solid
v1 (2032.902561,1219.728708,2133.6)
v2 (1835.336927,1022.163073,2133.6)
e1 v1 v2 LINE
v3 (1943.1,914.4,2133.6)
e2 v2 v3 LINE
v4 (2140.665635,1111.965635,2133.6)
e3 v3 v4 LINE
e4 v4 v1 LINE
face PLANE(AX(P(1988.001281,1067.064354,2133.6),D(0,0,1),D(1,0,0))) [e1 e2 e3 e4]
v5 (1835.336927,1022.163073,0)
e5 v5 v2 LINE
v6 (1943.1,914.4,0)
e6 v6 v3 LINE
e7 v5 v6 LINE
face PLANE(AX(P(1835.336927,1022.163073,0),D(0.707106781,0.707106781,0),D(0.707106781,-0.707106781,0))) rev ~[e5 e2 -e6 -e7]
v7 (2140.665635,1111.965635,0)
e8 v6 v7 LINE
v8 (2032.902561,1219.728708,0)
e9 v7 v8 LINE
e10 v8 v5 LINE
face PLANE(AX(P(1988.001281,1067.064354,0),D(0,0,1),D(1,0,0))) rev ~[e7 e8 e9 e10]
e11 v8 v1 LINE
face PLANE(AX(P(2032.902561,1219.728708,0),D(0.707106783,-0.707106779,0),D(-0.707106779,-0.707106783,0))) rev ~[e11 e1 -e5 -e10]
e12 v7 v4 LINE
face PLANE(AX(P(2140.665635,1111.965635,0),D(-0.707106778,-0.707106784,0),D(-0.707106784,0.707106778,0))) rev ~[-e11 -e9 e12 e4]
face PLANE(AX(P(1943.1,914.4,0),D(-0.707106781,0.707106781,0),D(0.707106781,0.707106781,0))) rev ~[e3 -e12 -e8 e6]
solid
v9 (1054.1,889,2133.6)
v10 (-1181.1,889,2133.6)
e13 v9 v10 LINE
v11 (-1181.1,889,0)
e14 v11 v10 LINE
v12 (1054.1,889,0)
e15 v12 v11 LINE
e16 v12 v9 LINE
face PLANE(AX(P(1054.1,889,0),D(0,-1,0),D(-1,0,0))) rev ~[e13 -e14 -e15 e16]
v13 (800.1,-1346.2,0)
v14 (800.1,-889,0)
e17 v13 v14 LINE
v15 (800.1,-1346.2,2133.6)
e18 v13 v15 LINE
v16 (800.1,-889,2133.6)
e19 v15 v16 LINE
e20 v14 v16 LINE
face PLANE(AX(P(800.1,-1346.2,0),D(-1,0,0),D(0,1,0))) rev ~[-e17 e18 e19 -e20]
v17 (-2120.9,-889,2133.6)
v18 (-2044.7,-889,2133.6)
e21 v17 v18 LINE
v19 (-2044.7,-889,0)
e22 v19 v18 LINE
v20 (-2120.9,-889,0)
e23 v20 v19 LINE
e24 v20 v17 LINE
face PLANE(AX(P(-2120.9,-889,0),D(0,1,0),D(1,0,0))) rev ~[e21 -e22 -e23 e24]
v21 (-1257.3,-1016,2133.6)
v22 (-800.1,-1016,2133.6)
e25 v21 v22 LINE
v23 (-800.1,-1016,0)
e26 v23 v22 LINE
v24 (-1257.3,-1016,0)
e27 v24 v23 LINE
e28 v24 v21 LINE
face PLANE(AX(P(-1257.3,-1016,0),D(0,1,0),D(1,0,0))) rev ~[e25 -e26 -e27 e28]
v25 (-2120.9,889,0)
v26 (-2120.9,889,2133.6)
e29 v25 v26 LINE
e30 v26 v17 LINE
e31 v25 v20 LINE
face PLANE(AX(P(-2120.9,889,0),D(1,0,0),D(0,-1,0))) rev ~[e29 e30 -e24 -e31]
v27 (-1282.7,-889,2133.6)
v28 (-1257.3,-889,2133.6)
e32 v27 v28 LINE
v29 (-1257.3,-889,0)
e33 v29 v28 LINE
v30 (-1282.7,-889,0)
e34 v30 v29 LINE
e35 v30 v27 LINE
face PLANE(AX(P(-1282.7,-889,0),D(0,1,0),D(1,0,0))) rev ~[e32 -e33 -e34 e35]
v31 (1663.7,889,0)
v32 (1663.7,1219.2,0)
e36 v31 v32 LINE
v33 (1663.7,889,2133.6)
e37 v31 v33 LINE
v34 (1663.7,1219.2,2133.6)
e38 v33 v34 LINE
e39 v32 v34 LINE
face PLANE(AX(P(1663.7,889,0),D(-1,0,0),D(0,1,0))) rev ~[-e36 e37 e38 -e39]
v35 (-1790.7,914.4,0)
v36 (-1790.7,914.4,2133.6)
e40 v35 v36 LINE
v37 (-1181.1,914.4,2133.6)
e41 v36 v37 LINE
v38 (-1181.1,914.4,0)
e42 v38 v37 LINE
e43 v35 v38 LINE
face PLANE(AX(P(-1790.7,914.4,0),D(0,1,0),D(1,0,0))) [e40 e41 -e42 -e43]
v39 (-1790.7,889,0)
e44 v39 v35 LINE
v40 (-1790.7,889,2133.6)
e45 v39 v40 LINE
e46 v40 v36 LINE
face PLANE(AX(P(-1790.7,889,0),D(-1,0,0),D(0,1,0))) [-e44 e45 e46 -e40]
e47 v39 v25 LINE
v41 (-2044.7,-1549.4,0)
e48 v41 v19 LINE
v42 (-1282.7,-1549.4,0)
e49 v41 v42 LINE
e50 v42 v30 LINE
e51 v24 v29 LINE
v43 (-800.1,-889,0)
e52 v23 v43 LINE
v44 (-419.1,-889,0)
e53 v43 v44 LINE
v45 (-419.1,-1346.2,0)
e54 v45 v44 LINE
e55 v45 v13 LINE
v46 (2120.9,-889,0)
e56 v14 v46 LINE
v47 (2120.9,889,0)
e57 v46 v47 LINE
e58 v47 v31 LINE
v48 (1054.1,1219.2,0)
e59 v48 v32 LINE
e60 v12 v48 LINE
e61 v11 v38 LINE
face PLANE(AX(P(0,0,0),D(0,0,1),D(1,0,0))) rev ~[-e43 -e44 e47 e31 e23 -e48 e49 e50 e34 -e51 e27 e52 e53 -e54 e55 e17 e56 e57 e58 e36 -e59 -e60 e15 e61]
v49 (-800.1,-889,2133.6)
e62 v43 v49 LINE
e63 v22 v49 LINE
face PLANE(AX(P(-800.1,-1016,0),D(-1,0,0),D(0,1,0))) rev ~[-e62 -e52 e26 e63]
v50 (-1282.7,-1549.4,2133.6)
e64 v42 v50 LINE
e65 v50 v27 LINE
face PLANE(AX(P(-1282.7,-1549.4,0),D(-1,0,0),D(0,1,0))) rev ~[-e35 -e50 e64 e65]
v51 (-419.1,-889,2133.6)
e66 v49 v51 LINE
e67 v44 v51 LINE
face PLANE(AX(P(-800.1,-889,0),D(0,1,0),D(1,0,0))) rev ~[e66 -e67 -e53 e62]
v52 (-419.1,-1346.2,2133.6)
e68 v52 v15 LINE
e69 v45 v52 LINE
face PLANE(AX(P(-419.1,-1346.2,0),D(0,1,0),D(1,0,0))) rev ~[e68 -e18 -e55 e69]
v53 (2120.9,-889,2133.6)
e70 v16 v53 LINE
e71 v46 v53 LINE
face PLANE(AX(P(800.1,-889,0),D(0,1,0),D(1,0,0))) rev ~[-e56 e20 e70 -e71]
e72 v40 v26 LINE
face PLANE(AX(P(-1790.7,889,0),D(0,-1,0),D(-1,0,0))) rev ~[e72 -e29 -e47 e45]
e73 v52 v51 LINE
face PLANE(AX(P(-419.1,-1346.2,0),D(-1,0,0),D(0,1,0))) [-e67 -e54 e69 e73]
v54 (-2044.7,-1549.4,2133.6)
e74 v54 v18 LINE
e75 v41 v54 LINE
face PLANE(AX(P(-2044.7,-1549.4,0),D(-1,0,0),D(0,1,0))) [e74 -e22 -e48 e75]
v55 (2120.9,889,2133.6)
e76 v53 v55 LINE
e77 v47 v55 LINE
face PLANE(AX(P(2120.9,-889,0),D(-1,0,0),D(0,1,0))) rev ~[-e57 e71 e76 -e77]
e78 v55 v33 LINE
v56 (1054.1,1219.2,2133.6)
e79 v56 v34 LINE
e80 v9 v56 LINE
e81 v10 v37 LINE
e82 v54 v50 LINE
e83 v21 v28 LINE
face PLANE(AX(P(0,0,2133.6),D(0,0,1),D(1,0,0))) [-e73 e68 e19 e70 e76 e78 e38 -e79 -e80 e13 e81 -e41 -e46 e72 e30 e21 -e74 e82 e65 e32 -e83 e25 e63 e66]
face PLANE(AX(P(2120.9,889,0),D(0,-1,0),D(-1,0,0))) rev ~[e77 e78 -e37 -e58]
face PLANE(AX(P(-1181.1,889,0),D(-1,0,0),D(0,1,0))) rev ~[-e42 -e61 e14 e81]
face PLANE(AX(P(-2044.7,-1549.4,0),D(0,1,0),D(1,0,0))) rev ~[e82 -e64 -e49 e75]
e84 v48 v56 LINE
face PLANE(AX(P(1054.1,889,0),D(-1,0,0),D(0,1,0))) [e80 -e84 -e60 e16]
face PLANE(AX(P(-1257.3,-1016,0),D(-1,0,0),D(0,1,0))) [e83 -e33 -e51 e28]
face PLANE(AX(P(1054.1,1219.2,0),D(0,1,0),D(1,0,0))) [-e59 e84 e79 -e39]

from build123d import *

# Parameters (mm, degrees)
F0_W     = 609.6
F0_H     = 25.4
F0_H_2   = 330.2
F0_W_2   = 1219.2
F0_H_3   = 457.2
F0_W_3   = 762
F0_H_4   = 660.4
F0_W_4   = 457.2
F0_H_5   = 127
F1_DEPTH = 2133.6


with BuildPart() as f1:
    # F0 (on Top) → F1 (new body)
    with BuildSketch(Plane.XY):
        Polygon((-1790.7, 889), (-2120.9, 889), (-2120.9, -889), (-2044.7, -889), (-1282.7, -889), (-1257.3, -889), (-800.1, -889), (-419.1, -889), (800.1, -889), (2120.9, -889), (2120.9, 889), (1663.7, 889), (1054.1, 889), (-1181.1, 889), align=None)
        with Locations((-1485.9, 901.7)):
            Rectangle(F0_W, F0_H)
        with Locations((1358.9, 1054.1)):
            Rectangle(F0_W, F0_H_2)
        with Locations((190.5, -1117.6)):
            Rectangle(F0_W_2, F0_H_3)
        with Locations((-1663.7, -1219.2)):
            Rectangle(F0_W_3, F0_H_4)
        with Locations((-1028.7, -952.5)):
            Rectangle(F0_W_4, F0_H_5)
        Polygon((2032.902561, 1219.728708), (1835.336927, 1022.163073), (1943.1, 914.4), (2140.665635, 1111.965635), align=None)
    extrude(amount=F1_DEPTH)


solid = f1.part
